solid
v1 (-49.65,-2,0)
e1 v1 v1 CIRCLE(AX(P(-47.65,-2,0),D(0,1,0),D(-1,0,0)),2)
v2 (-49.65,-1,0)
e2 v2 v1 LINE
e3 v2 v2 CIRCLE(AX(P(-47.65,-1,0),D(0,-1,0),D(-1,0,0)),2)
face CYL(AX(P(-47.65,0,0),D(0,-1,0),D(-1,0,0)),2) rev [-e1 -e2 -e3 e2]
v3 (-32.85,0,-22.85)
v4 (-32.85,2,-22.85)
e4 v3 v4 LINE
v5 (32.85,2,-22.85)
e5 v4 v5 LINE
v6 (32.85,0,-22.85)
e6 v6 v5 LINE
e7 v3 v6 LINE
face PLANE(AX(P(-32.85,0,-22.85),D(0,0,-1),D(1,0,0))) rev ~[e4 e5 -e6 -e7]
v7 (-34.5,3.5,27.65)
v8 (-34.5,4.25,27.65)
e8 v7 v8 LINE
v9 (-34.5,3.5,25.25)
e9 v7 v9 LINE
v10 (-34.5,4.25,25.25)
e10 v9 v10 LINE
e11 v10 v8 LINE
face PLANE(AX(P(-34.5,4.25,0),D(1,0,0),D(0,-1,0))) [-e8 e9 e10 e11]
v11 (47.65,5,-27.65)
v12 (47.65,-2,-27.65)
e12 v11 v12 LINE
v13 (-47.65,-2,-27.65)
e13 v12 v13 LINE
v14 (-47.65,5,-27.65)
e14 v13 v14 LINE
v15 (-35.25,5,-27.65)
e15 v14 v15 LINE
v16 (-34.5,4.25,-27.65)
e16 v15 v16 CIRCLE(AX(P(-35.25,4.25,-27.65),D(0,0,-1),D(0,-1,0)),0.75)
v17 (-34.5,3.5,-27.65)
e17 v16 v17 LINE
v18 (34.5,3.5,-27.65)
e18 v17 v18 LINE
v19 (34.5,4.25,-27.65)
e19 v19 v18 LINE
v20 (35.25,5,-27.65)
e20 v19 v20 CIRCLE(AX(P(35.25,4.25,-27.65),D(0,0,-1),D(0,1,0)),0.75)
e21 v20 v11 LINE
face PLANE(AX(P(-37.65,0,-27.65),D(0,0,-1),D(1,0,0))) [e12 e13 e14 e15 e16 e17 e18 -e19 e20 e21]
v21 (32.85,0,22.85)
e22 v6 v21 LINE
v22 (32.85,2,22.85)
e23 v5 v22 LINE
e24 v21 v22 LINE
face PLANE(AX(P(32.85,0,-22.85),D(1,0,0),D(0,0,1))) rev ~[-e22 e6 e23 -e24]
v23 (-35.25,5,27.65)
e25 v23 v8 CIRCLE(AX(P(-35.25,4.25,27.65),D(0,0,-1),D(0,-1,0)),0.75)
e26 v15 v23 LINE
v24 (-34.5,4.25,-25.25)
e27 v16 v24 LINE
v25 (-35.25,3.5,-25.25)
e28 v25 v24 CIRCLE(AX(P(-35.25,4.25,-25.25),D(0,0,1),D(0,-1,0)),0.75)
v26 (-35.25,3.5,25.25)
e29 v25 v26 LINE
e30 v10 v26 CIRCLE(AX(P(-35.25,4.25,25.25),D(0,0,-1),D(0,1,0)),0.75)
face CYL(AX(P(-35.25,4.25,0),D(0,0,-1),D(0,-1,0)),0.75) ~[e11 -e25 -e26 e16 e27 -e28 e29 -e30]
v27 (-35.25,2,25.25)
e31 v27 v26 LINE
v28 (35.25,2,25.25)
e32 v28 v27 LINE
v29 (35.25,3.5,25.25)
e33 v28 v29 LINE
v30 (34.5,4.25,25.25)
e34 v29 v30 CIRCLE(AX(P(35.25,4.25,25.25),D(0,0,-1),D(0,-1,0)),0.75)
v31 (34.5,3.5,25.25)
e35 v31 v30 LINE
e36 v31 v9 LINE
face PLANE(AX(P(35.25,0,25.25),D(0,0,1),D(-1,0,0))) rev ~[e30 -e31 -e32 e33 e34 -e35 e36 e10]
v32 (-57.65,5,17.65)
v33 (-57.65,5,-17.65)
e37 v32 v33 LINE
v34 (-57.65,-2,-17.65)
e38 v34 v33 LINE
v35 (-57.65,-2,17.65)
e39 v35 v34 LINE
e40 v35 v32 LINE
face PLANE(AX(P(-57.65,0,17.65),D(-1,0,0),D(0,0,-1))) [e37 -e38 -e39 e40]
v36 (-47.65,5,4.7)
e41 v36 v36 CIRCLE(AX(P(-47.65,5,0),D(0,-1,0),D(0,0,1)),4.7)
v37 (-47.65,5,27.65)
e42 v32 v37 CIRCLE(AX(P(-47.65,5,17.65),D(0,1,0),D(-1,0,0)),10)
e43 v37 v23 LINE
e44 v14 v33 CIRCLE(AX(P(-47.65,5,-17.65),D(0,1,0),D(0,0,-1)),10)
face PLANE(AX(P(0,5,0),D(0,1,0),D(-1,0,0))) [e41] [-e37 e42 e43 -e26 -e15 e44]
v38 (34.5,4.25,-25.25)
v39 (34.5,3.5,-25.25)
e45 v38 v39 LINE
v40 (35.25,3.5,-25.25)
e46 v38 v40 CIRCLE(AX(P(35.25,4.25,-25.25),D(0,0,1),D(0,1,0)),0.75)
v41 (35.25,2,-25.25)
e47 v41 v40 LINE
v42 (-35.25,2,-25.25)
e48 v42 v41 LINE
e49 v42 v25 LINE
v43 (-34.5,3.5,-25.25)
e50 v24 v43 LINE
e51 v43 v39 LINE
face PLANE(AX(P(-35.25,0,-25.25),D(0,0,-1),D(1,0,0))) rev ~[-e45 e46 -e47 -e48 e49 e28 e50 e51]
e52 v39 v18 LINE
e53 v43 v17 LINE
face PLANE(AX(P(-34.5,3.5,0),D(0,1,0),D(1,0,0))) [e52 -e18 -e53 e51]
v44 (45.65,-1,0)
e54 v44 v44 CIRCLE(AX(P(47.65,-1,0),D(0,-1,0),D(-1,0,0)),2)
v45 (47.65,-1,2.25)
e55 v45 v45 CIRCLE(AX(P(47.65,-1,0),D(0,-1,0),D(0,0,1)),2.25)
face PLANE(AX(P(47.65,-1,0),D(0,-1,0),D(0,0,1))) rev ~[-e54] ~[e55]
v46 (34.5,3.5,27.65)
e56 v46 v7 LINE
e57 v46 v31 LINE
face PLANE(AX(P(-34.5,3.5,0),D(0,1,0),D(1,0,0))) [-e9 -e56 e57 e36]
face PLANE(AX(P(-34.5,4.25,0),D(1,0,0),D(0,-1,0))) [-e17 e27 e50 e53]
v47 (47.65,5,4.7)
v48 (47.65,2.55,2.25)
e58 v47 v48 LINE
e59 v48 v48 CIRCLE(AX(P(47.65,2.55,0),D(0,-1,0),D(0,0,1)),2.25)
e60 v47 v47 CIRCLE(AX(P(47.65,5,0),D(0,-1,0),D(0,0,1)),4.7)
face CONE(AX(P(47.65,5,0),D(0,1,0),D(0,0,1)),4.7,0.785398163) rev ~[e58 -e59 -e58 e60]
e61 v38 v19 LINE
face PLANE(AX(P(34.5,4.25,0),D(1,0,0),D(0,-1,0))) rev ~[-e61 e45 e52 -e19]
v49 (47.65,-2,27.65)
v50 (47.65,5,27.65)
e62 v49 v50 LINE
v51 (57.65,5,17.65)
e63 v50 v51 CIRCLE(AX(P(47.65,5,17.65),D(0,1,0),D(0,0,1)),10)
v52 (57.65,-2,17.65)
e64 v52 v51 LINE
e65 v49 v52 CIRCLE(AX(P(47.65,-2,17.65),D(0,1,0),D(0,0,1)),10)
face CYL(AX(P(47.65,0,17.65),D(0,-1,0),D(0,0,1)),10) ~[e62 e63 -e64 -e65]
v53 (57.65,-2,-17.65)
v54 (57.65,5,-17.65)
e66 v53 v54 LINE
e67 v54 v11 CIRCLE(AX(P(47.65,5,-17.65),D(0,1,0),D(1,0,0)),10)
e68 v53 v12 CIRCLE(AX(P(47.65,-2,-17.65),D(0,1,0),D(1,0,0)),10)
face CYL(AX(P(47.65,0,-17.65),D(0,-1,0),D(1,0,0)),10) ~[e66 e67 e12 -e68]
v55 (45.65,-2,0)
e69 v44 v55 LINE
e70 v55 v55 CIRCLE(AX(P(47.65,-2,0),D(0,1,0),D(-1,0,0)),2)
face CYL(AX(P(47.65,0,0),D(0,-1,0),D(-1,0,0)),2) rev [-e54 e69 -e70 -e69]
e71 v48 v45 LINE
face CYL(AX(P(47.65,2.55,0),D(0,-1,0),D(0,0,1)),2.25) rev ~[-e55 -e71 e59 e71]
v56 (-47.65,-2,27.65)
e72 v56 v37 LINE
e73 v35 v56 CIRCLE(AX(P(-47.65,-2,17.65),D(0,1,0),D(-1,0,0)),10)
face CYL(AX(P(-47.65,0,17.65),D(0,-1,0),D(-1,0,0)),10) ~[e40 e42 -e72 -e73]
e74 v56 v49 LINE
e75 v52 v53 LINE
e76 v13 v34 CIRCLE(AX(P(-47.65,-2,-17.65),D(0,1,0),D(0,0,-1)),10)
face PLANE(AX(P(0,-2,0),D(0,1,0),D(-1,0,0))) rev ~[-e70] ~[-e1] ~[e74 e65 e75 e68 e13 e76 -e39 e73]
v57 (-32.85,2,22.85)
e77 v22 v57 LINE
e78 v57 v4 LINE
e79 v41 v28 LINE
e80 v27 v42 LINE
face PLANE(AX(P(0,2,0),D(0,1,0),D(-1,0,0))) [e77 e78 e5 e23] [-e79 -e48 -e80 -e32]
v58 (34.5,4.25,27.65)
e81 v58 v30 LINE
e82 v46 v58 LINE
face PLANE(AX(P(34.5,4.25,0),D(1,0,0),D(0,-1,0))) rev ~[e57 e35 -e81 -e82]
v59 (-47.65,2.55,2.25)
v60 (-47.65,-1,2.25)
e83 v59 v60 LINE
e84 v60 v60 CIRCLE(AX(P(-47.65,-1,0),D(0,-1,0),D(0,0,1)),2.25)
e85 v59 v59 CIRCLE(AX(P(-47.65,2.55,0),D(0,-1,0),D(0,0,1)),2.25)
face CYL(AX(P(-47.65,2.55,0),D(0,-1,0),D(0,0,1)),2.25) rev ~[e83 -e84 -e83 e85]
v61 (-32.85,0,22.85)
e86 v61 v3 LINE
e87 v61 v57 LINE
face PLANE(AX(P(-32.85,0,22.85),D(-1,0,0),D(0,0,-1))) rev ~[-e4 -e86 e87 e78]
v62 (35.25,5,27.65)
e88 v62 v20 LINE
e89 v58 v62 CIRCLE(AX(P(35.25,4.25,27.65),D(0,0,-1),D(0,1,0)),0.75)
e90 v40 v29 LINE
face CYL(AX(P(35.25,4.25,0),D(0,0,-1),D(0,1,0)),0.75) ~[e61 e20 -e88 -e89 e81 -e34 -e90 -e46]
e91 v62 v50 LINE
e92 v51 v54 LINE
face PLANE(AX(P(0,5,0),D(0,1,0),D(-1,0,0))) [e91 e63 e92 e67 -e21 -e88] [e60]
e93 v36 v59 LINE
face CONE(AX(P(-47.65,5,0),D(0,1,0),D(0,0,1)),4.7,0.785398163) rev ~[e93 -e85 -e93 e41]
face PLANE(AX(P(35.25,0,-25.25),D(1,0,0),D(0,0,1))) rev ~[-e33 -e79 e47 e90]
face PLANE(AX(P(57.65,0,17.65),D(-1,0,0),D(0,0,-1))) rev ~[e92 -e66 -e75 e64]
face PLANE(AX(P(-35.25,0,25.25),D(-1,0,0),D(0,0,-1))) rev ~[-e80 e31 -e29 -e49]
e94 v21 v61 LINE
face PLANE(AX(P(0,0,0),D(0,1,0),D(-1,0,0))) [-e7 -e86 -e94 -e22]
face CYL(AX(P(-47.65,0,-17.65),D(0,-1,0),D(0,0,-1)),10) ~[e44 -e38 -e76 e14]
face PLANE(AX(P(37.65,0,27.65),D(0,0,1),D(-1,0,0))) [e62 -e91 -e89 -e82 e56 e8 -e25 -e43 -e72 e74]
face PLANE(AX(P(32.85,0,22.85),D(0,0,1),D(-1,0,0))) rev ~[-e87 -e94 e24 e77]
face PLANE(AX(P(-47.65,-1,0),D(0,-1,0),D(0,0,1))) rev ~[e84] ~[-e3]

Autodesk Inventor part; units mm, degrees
ref_plane "YZ Plane" through (0, 0, 0) normal (1, 0, 0) x (0, 1, 0)
ref_plane "XZ Plane" through (0, 0, 0) normal (0, 1, 0) x (-1, 0, 0)
ref_plane "XY Plane" through (0, 0, 0) normal (0, 0, 1) x (1, 0, 0)
sketch "Skizze1" plane through (0, 0, 0) normal (0, 1, 0) x (-1, 0, 0)
  line L0 (35.25, -25.25) -> (-35.25, -25.25)
  line L1 (-35.25, -25.25) -> (-35.25, 25.25)
  line L2 (-35.25, 25.25) -> (35.25, 25.25)
  line L3 (35.25, 25.25) -> (35.25, -25.25)
  line L4 (35.25, -25.25) -> (-35.25, 25.25) construction
  line L5 (-35.25, -25.25) -> (35.25, 25.25) construction
  line L6 (37.65, -27.65) -> (-37.65, -27.65)
  line L7 (-37.65, -27.65) -> (-37.65, 27.65)
  line L8 (-37.65, 27.65) -> (37.65, 27.65)
  line L9 (37.65, 27.65) -> (37.65, -27.65)
  line L10 (32.85, -22.85) -> (-32.85, -22.85)
  line L11 (-32.85, -22.85) -> (-32.85, 22.85)
  line L12 (-32.85, 22.85) -> (32.85, 22.85)
  line L13 (32.85, 22.85) -> (32.85, -22.85)
  line L14 (47.65, -27.65) -> (37.65, -27.65)
  line L15 (37.65, 27.65) -> (47.65, 27.65)
  circle A0 centre (47.65, 0) radius 2
  line L16 (-37.65, -27.65) -> (-47.65, -27.65)
  line L17 (-37.65, 27.65) -> (-47.65, 27.65)
  circle A1 centre (-47.65, 0) radius 2
  arc A2 (-47.65, 27.65) -> (-57.65, 17.65) centre (-47.65, 17.65) ccw
  arc A3 (-57.65, -17.65) -> (-47.65, -27.65) centre (-47.65, -17.65) ccw
  line L18 (-57.65, 17.65) -> (-57.65, -17.65)
  arc A4 (57.65, 17.65) -> (47.65, 27.65) centre (47.65, 17.65) ccw
  arc A5 (47.65, -27.65) -> (57.65, -17.65) centre (47.65, -17.65) ccw
  line L19 (57.65, 17.65) -> (57.65, -17.65)
  point P0 (0, 0)
  point P1 (86.5572, 0)
  point P2 (-87.7335, 0)
  point P3 (57.65, 0)
  point P4 (-57.65, 0)
  dimension "d0" = 70.5
  dimension "d1" = 50.5
  dimension "d2" = 2.4
  dimension "d3" = 2.4
  dimension "d4" = 4
  dimension "d7" = 4
  dimension "d28" = 20
  dimension "d29" = 20
  dimension "d30" = 10
  dimension "d31" = 10
  dimension "d32" = 10
  dimension "d33" = 10
extrude "Extrusion1" add sketch "Skizze1" against normal blind 2 contours L0 L1 L2 L3 | L6 L7 L8 L9 | L9 L15 A4 L19 A5 L14 | L16 A3 L18 A2 L17 L7 | L10 L11 L12 L13
extrude "Extrusion2" add sketch "Skizze1" along normal blind 5 contours L6 L7 L8 L9 | L9 L15 A4 L19 A5 L14 | L16 A3 L18 A2 L17 L7
extrude "Extrusion3" add sketch "Skizze1" along normal blind 2 contours L0 L1 L2 L3
sketch "Skizze2" plane through (0, 0, 0) normal (0, 0, 1) x (1, 0, 0)
  line L0 (32.85, 0) -> (32.85, 2) projected
  line L1 (32.85, 2) -> (35.25, 2) projected
  line L2 (35.25, 2) -> (35.25, 5) projected
  line L3 (35.25, 5) -> (45.65, 5) projected
  line L4 (45.65, 5) -> (45.65, -2) projected
  line L5 (45.65, -2) -> (-45.65, -2) projected
  line L6 (-45.65, -2) -> (-45.65, 5) projected
  line L7 (-45.65, 5) -> (-35.25, 5) projected
  line L8 (-35.25, 5) -> (-35.25, 2) projected
  line L9 (-35.25, 2) -> (-32.85, 2) projected
  line L10 (-32.85, 2) -> (-32.85, 0) projected
  line L11 (-32.85, 0) -> (32.85, 0) projected
  line L12 (-57.65, 5) -> (-49.65, 5) projected
  line L13 (-49.65, 5) -> (-49.65, -2) projected
  line L14 (-49.65, -2) -> (-57.65, -2) projected
  line L15 (49.65, 5) -> (57.65, 5) projected
  line L16 (57.65, -2) -> (49.65, -2) projected
  line L17 (49.65, -2) -> (49.65, 5) projected
  arc A0 (-35.25, 3.5) -> (-35.25, 5) centre (-35.25, 4.25) ccw
  arc A1 (35.25, 5) -> (35.25, 3.5) centre (35.25, 4.25) ccw
  line L18 (-35.25, 5) -> (-35.25, 3.5)
  line L19 (35.25, 5) -> (35.25, 3.5)
  line L20 (-34.5, 4.25) -> (-34.5, 3.5)
  line L21 (-35.25, 2) -> (35.25, 2) projected
  line L22 (35.25, 2) -> (35.25, 5) projected
  line L23 (-35.25, 3.5) -> (35.25, 3.5)
  line L24 (-35.25, 5) -> (35.25, 5)
  line L25 (47.65, 5) -> (-47.65, 5) projected
  line L26 (34.5, 4.25) -> (34.5, 3.5)
  line L27 (-57.65, -2) -> (-57.65, 5) projected
  line L28 (57.65, 5) -> (57.65, -2) projected
  point P0 (0, 0)
  point P1 (39.5, 3.725)
  point P2 (39.8372, 3.6239)
  point P3 (-39.5, 3.725)
  point P4 (-39.8372, 3.6239)
  dimension "d14" = 1.5
  dimension "d15" = 1.5
extrude "Extrusion4" add sketch "Skizze2" along normal mid plane 50.5 contours A1 L2 | L8 A0
extrude "Extrusion5" cut sketch "Skizze2" along normal through all both and the other way through all contours A1 L26 L23 L20 A0 L24
sketch "Skizze3" plane through (0, 5, 0) normal (0, 1, 0) x (1, 0, 0)
  circle A0 centre (-47.65, 0) radius 2 projected
  circle A1 centre (47.65, 0) radius 2 projected
  point P0 (0, 0)
hole "Bohrung1" at (-47.65, 5, 0) at (47.65, 5, 0) direction (0, -1, 0) diameter 4.5 depth 6 countersink diameter 9.4 countersink angle 90 clearance for "Flachkopfsenkschraube DIN EN ISO 2009" size "M4" standard "DIN"
equation "\"d7\" = d4"
equation "\"d29\" = d28"
equation "\"d32\" = d31"
equation "\"d33\" = d30"
equation "\"d15\" = d14"
properties part number "PCB_Holder_B"
